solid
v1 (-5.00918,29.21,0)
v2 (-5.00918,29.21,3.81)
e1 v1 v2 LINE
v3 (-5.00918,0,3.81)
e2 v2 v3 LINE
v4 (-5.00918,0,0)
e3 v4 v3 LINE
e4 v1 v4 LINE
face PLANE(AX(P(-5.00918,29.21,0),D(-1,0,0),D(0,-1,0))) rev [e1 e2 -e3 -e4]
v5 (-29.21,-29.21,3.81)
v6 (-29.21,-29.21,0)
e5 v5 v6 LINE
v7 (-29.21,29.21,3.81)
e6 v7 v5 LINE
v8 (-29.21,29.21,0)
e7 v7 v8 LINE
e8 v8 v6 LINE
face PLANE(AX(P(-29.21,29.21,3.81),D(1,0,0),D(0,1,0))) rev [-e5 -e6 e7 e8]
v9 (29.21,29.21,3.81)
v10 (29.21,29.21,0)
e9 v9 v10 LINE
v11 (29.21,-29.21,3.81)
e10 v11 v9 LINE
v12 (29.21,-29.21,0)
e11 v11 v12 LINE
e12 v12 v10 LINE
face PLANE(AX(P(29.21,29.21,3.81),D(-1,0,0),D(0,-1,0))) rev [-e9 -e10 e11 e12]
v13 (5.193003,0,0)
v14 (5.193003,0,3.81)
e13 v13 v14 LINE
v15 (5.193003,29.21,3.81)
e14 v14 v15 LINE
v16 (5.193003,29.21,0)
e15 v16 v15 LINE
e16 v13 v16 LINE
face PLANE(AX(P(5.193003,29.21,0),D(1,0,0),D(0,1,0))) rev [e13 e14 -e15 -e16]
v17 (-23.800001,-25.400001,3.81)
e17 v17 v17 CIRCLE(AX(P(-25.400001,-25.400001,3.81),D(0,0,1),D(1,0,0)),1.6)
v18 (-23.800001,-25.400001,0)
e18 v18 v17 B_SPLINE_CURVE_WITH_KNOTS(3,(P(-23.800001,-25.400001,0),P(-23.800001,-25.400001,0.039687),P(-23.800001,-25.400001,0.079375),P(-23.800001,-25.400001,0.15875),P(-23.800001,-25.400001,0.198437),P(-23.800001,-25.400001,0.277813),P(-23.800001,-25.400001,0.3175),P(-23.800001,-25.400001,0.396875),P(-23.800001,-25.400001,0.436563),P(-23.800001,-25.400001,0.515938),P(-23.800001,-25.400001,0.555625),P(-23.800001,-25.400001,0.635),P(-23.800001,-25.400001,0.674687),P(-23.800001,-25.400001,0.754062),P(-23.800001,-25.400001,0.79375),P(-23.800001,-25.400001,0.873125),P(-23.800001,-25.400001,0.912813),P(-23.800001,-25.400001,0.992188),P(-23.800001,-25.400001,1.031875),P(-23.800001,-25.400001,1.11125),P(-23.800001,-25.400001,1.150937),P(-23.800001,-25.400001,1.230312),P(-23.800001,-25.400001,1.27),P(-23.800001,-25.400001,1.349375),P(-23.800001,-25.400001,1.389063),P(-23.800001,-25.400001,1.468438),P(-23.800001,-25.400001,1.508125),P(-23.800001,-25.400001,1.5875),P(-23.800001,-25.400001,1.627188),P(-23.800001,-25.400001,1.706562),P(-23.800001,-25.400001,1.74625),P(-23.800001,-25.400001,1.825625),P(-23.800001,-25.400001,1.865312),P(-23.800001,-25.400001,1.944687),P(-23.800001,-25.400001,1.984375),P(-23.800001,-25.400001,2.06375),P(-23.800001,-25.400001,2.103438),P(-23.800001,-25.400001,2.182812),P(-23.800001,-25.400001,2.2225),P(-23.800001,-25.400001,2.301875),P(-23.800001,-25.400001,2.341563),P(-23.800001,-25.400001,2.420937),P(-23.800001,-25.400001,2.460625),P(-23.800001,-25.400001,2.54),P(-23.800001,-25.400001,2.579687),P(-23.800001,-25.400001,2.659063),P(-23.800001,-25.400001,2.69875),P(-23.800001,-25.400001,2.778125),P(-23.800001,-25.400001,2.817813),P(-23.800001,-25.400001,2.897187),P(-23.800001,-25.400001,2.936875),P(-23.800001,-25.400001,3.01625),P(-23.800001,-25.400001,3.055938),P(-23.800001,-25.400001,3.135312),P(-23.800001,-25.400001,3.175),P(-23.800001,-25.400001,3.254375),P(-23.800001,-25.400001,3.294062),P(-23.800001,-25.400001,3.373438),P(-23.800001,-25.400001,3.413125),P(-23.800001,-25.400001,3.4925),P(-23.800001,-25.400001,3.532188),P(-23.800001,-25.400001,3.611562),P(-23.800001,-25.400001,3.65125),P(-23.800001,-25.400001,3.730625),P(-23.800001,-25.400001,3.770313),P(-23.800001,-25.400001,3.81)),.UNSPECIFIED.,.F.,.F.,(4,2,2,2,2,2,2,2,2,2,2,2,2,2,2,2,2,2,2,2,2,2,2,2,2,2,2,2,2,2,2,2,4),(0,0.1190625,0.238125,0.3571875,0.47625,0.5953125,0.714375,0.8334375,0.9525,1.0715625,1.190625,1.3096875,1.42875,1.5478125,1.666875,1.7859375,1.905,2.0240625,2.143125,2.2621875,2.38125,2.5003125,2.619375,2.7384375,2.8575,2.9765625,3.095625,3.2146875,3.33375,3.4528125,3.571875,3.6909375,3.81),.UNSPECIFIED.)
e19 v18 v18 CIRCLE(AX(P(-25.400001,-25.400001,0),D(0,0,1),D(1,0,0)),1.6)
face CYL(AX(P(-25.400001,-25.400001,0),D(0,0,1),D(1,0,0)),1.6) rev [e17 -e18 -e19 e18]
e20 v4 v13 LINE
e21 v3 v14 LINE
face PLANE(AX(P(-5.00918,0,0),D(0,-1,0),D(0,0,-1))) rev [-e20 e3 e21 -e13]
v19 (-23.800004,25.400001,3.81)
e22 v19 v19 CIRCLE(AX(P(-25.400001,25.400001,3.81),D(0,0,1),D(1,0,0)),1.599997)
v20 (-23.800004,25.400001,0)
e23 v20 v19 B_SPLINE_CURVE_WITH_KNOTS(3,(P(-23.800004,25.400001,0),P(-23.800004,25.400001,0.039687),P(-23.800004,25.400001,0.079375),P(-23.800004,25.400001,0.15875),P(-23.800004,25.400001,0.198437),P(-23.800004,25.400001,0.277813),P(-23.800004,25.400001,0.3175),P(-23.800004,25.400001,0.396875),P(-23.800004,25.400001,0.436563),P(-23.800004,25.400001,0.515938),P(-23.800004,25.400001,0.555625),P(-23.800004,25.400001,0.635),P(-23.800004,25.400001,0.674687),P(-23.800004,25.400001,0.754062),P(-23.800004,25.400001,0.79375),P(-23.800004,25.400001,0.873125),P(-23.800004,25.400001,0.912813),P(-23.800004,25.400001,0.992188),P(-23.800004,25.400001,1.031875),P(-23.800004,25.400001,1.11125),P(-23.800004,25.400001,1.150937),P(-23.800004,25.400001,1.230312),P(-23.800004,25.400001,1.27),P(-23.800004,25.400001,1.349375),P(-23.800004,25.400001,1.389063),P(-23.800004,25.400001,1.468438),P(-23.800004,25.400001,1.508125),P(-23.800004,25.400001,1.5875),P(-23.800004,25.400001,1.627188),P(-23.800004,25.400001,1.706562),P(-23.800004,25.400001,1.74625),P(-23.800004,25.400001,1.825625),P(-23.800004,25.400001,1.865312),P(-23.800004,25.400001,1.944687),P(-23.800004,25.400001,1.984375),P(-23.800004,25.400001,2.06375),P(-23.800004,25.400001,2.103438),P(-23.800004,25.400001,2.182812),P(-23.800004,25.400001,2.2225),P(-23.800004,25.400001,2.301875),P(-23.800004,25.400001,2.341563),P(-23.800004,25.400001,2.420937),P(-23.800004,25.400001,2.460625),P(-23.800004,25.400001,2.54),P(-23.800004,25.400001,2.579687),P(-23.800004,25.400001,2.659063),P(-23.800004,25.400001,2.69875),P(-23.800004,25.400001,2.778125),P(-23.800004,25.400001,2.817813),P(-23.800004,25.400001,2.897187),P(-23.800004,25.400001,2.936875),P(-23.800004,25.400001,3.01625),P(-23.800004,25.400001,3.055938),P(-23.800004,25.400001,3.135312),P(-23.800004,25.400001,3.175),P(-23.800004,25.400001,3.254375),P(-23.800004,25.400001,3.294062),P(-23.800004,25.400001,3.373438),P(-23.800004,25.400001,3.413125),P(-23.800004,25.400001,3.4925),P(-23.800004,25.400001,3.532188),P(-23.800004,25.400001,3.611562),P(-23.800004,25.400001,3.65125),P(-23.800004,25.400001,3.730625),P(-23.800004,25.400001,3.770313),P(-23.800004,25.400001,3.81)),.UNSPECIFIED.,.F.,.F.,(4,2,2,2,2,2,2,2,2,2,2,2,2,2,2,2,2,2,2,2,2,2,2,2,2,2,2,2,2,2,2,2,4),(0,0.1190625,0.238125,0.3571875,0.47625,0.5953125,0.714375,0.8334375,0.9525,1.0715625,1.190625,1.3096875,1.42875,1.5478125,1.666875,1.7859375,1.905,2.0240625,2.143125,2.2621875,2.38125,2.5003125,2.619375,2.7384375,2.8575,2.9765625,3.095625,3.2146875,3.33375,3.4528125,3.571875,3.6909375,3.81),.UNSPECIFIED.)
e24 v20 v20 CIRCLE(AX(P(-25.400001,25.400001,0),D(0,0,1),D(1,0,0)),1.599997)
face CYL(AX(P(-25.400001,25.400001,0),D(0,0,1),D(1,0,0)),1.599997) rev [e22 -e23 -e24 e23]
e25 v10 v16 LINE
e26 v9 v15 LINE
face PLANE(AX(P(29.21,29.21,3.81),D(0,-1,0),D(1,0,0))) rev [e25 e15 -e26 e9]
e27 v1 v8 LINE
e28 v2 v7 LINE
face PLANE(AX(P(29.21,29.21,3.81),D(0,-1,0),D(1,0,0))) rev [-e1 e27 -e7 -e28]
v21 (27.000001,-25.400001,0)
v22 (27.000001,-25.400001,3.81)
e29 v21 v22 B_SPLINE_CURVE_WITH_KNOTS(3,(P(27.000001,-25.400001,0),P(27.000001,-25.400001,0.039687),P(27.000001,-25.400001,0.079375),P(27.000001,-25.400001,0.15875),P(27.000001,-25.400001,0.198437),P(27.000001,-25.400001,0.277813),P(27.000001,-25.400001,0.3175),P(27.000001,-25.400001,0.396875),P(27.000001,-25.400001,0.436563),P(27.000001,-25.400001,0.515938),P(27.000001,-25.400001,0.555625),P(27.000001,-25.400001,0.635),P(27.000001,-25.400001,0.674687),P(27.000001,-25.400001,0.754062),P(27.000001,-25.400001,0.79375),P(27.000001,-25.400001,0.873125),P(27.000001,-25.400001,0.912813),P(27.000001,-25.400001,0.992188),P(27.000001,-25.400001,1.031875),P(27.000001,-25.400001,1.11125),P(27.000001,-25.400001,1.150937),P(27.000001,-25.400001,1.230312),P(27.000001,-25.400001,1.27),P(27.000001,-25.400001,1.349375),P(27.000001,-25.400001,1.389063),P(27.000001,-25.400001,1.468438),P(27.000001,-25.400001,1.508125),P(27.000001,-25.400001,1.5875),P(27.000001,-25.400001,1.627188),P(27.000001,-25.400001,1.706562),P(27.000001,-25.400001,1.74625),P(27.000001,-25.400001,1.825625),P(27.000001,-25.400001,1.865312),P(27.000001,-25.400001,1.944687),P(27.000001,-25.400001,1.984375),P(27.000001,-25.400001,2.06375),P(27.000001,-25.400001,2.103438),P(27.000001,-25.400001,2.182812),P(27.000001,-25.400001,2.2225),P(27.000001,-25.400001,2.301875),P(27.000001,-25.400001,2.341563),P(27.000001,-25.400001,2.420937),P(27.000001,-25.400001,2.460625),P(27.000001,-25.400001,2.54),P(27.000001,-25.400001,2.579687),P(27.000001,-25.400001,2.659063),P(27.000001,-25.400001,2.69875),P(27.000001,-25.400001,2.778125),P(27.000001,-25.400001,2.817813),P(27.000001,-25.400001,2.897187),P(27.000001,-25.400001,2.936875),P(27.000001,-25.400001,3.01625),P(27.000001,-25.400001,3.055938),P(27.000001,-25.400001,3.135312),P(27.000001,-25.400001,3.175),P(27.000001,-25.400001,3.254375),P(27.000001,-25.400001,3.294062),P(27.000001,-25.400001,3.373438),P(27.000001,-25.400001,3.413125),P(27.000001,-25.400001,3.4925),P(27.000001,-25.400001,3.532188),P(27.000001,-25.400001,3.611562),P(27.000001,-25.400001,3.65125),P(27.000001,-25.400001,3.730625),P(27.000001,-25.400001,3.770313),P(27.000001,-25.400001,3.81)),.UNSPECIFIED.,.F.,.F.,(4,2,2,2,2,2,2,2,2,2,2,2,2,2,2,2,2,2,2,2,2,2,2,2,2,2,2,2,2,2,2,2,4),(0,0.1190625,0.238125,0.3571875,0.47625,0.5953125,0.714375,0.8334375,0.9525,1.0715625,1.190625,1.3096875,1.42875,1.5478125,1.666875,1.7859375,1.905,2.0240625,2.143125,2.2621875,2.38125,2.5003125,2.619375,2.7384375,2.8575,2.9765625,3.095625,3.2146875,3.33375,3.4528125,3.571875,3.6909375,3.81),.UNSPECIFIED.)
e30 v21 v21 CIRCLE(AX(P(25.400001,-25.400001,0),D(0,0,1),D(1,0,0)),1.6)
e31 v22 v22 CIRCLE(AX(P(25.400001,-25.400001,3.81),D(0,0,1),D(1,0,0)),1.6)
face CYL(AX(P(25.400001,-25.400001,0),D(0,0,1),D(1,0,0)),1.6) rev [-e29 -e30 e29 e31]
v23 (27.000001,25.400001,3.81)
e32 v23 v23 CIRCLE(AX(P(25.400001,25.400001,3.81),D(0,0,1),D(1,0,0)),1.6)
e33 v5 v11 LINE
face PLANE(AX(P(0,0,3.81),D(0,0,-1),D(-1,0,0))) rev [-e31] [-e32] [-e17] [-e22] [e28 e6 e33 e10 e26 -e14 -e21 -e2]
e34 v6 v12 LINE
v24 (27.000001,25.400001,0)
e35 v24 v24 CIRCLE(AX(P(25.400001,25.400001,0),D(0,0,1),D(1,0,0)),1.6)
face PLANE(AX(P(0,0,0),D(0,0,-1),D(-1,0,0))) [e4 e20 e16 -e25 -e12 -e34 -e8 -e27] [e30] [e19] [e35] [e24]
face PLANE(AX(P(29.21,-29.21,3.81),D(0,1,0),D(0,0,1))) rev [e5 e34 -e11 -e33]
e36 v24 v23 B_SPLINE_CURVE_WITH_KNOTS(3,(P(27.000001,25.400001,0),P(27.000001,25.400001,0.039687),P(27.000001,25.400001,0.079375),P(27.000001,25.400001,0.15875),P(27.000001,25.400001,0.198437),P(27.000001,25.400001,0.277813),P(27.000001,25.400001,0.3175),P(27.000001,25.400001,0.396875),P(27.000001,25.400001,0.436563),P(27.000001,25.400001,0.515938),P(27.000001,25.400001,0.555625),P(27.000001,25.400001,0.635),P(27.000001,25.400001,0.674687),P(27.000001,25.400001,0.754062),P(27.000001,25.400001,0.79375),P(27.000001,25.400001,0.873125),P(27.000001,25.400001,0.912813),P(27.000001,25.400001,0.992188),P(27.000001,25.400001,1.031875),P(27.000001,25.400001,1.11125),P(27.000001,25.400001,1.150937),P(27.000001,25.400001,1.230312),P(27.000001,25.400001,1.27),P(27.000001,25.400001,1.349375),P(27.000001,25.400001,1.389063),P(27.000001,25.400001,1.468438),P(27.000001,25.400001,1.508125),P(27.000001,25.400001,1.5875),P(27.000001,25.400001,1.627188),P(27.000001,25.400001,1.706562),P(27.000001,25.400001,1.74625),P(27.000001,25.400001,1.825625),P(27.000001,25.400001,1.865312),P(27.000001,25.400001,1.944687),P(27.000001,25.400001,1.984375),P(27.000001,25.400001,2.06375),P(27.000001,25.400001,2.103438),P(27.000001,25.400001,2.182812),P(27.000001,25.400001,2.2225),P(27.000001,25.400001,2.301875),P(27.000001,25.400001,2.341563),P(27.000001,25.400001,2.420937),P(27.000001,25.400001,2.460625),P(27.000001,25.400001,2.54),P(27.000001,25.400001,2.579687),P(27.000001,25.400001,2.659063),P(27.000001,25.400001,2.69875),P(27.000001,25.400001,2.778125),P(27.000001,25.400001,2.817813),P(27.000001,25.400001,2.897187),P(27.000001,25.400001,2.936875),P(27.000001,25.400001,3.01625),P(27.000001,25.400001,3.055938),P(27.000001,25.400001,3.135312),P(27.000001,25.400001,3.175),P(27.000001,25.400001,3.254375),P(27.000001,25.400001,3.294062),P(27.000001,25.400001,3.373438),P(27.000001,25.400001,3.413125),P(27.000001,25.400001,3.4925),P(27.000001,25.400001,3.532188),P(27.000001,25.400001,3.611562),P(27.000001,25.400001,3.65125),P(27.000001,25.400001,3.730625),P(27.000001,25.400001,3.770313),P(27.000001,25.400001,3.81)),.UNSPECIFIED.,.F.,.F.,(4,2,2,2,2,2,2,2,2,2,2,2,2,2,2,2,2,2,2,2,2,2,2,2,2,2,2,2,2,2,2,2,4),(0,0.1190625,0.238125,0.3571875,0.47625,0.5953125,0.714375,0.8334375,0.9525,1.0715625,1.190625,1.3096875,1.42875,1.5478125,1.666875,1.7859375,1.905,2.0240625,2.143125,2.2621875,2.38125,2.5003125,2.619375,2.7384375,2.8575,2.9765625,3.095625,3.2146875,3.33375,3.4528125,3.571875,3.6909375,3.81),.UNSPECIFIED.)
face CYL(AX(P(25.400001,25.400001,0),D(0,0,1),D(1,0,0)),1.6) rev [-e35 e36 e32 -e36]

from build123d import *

# Parameters (mm, degrees)
SKETCH1_W           = 58.42
SKETCH1_H           = 58.42
BOSS_EXTRUDE1_DEPTH = 3.81
SKETCH2_R           = 1.5999968
SKETCH2_R_2         = 1.6
CUT_EXTRUDE1_DEPTH  = 3.81
SKETCH5_W           = 10.202183674
SKETCH5_H           = 29.21
CUT_EXTRUDE3_DEPTH  = 3.81


with BuildPart() as part:
    # Sketch1 → Boss-Extrude1 (new body)
    with BuildSketch(Plane.XY):
        Rectangle(SKETCH1_W, SKETCH1_H)
    extrude(amount=BOSS_EXTRUDE1_DEPTH)

    # Sketch2 → Cut-Extrude1 (cut)
    with BuildSketch(Plane.XY.offset(3.81)):
        with Locations((-25.400000617, 25.400000617)):
            Circle(SKETCH2_R)
        with Locations((25.400000617, 25.400000617)):
            Circle(SKETCH2_R_2)
        with Locations((-25.400000617, -25.400000617)):
            Circle(SKETCH2_R_2)
        with Locations((25.400000617, -25.400000617)):
            Circle(SKETCH2_R_2)
    extrude(amount=-CUT_EXTRUDE1_DEPTH, mode=Mode.SUBTRACT)

    # Sketch5 → Cut-Extrude3 (cut)
    with BuildSketch(Plane.XY.offset(3.81)):
        with Locations((0.091911565, 14.605)):
            Rectangle(SKETCH5_W, SKETCH5_H)
    extrude(amount=-CUT_EXTRUDE3_DEPTH, mode=Mode.SUBTRACT)


solid = part.part
